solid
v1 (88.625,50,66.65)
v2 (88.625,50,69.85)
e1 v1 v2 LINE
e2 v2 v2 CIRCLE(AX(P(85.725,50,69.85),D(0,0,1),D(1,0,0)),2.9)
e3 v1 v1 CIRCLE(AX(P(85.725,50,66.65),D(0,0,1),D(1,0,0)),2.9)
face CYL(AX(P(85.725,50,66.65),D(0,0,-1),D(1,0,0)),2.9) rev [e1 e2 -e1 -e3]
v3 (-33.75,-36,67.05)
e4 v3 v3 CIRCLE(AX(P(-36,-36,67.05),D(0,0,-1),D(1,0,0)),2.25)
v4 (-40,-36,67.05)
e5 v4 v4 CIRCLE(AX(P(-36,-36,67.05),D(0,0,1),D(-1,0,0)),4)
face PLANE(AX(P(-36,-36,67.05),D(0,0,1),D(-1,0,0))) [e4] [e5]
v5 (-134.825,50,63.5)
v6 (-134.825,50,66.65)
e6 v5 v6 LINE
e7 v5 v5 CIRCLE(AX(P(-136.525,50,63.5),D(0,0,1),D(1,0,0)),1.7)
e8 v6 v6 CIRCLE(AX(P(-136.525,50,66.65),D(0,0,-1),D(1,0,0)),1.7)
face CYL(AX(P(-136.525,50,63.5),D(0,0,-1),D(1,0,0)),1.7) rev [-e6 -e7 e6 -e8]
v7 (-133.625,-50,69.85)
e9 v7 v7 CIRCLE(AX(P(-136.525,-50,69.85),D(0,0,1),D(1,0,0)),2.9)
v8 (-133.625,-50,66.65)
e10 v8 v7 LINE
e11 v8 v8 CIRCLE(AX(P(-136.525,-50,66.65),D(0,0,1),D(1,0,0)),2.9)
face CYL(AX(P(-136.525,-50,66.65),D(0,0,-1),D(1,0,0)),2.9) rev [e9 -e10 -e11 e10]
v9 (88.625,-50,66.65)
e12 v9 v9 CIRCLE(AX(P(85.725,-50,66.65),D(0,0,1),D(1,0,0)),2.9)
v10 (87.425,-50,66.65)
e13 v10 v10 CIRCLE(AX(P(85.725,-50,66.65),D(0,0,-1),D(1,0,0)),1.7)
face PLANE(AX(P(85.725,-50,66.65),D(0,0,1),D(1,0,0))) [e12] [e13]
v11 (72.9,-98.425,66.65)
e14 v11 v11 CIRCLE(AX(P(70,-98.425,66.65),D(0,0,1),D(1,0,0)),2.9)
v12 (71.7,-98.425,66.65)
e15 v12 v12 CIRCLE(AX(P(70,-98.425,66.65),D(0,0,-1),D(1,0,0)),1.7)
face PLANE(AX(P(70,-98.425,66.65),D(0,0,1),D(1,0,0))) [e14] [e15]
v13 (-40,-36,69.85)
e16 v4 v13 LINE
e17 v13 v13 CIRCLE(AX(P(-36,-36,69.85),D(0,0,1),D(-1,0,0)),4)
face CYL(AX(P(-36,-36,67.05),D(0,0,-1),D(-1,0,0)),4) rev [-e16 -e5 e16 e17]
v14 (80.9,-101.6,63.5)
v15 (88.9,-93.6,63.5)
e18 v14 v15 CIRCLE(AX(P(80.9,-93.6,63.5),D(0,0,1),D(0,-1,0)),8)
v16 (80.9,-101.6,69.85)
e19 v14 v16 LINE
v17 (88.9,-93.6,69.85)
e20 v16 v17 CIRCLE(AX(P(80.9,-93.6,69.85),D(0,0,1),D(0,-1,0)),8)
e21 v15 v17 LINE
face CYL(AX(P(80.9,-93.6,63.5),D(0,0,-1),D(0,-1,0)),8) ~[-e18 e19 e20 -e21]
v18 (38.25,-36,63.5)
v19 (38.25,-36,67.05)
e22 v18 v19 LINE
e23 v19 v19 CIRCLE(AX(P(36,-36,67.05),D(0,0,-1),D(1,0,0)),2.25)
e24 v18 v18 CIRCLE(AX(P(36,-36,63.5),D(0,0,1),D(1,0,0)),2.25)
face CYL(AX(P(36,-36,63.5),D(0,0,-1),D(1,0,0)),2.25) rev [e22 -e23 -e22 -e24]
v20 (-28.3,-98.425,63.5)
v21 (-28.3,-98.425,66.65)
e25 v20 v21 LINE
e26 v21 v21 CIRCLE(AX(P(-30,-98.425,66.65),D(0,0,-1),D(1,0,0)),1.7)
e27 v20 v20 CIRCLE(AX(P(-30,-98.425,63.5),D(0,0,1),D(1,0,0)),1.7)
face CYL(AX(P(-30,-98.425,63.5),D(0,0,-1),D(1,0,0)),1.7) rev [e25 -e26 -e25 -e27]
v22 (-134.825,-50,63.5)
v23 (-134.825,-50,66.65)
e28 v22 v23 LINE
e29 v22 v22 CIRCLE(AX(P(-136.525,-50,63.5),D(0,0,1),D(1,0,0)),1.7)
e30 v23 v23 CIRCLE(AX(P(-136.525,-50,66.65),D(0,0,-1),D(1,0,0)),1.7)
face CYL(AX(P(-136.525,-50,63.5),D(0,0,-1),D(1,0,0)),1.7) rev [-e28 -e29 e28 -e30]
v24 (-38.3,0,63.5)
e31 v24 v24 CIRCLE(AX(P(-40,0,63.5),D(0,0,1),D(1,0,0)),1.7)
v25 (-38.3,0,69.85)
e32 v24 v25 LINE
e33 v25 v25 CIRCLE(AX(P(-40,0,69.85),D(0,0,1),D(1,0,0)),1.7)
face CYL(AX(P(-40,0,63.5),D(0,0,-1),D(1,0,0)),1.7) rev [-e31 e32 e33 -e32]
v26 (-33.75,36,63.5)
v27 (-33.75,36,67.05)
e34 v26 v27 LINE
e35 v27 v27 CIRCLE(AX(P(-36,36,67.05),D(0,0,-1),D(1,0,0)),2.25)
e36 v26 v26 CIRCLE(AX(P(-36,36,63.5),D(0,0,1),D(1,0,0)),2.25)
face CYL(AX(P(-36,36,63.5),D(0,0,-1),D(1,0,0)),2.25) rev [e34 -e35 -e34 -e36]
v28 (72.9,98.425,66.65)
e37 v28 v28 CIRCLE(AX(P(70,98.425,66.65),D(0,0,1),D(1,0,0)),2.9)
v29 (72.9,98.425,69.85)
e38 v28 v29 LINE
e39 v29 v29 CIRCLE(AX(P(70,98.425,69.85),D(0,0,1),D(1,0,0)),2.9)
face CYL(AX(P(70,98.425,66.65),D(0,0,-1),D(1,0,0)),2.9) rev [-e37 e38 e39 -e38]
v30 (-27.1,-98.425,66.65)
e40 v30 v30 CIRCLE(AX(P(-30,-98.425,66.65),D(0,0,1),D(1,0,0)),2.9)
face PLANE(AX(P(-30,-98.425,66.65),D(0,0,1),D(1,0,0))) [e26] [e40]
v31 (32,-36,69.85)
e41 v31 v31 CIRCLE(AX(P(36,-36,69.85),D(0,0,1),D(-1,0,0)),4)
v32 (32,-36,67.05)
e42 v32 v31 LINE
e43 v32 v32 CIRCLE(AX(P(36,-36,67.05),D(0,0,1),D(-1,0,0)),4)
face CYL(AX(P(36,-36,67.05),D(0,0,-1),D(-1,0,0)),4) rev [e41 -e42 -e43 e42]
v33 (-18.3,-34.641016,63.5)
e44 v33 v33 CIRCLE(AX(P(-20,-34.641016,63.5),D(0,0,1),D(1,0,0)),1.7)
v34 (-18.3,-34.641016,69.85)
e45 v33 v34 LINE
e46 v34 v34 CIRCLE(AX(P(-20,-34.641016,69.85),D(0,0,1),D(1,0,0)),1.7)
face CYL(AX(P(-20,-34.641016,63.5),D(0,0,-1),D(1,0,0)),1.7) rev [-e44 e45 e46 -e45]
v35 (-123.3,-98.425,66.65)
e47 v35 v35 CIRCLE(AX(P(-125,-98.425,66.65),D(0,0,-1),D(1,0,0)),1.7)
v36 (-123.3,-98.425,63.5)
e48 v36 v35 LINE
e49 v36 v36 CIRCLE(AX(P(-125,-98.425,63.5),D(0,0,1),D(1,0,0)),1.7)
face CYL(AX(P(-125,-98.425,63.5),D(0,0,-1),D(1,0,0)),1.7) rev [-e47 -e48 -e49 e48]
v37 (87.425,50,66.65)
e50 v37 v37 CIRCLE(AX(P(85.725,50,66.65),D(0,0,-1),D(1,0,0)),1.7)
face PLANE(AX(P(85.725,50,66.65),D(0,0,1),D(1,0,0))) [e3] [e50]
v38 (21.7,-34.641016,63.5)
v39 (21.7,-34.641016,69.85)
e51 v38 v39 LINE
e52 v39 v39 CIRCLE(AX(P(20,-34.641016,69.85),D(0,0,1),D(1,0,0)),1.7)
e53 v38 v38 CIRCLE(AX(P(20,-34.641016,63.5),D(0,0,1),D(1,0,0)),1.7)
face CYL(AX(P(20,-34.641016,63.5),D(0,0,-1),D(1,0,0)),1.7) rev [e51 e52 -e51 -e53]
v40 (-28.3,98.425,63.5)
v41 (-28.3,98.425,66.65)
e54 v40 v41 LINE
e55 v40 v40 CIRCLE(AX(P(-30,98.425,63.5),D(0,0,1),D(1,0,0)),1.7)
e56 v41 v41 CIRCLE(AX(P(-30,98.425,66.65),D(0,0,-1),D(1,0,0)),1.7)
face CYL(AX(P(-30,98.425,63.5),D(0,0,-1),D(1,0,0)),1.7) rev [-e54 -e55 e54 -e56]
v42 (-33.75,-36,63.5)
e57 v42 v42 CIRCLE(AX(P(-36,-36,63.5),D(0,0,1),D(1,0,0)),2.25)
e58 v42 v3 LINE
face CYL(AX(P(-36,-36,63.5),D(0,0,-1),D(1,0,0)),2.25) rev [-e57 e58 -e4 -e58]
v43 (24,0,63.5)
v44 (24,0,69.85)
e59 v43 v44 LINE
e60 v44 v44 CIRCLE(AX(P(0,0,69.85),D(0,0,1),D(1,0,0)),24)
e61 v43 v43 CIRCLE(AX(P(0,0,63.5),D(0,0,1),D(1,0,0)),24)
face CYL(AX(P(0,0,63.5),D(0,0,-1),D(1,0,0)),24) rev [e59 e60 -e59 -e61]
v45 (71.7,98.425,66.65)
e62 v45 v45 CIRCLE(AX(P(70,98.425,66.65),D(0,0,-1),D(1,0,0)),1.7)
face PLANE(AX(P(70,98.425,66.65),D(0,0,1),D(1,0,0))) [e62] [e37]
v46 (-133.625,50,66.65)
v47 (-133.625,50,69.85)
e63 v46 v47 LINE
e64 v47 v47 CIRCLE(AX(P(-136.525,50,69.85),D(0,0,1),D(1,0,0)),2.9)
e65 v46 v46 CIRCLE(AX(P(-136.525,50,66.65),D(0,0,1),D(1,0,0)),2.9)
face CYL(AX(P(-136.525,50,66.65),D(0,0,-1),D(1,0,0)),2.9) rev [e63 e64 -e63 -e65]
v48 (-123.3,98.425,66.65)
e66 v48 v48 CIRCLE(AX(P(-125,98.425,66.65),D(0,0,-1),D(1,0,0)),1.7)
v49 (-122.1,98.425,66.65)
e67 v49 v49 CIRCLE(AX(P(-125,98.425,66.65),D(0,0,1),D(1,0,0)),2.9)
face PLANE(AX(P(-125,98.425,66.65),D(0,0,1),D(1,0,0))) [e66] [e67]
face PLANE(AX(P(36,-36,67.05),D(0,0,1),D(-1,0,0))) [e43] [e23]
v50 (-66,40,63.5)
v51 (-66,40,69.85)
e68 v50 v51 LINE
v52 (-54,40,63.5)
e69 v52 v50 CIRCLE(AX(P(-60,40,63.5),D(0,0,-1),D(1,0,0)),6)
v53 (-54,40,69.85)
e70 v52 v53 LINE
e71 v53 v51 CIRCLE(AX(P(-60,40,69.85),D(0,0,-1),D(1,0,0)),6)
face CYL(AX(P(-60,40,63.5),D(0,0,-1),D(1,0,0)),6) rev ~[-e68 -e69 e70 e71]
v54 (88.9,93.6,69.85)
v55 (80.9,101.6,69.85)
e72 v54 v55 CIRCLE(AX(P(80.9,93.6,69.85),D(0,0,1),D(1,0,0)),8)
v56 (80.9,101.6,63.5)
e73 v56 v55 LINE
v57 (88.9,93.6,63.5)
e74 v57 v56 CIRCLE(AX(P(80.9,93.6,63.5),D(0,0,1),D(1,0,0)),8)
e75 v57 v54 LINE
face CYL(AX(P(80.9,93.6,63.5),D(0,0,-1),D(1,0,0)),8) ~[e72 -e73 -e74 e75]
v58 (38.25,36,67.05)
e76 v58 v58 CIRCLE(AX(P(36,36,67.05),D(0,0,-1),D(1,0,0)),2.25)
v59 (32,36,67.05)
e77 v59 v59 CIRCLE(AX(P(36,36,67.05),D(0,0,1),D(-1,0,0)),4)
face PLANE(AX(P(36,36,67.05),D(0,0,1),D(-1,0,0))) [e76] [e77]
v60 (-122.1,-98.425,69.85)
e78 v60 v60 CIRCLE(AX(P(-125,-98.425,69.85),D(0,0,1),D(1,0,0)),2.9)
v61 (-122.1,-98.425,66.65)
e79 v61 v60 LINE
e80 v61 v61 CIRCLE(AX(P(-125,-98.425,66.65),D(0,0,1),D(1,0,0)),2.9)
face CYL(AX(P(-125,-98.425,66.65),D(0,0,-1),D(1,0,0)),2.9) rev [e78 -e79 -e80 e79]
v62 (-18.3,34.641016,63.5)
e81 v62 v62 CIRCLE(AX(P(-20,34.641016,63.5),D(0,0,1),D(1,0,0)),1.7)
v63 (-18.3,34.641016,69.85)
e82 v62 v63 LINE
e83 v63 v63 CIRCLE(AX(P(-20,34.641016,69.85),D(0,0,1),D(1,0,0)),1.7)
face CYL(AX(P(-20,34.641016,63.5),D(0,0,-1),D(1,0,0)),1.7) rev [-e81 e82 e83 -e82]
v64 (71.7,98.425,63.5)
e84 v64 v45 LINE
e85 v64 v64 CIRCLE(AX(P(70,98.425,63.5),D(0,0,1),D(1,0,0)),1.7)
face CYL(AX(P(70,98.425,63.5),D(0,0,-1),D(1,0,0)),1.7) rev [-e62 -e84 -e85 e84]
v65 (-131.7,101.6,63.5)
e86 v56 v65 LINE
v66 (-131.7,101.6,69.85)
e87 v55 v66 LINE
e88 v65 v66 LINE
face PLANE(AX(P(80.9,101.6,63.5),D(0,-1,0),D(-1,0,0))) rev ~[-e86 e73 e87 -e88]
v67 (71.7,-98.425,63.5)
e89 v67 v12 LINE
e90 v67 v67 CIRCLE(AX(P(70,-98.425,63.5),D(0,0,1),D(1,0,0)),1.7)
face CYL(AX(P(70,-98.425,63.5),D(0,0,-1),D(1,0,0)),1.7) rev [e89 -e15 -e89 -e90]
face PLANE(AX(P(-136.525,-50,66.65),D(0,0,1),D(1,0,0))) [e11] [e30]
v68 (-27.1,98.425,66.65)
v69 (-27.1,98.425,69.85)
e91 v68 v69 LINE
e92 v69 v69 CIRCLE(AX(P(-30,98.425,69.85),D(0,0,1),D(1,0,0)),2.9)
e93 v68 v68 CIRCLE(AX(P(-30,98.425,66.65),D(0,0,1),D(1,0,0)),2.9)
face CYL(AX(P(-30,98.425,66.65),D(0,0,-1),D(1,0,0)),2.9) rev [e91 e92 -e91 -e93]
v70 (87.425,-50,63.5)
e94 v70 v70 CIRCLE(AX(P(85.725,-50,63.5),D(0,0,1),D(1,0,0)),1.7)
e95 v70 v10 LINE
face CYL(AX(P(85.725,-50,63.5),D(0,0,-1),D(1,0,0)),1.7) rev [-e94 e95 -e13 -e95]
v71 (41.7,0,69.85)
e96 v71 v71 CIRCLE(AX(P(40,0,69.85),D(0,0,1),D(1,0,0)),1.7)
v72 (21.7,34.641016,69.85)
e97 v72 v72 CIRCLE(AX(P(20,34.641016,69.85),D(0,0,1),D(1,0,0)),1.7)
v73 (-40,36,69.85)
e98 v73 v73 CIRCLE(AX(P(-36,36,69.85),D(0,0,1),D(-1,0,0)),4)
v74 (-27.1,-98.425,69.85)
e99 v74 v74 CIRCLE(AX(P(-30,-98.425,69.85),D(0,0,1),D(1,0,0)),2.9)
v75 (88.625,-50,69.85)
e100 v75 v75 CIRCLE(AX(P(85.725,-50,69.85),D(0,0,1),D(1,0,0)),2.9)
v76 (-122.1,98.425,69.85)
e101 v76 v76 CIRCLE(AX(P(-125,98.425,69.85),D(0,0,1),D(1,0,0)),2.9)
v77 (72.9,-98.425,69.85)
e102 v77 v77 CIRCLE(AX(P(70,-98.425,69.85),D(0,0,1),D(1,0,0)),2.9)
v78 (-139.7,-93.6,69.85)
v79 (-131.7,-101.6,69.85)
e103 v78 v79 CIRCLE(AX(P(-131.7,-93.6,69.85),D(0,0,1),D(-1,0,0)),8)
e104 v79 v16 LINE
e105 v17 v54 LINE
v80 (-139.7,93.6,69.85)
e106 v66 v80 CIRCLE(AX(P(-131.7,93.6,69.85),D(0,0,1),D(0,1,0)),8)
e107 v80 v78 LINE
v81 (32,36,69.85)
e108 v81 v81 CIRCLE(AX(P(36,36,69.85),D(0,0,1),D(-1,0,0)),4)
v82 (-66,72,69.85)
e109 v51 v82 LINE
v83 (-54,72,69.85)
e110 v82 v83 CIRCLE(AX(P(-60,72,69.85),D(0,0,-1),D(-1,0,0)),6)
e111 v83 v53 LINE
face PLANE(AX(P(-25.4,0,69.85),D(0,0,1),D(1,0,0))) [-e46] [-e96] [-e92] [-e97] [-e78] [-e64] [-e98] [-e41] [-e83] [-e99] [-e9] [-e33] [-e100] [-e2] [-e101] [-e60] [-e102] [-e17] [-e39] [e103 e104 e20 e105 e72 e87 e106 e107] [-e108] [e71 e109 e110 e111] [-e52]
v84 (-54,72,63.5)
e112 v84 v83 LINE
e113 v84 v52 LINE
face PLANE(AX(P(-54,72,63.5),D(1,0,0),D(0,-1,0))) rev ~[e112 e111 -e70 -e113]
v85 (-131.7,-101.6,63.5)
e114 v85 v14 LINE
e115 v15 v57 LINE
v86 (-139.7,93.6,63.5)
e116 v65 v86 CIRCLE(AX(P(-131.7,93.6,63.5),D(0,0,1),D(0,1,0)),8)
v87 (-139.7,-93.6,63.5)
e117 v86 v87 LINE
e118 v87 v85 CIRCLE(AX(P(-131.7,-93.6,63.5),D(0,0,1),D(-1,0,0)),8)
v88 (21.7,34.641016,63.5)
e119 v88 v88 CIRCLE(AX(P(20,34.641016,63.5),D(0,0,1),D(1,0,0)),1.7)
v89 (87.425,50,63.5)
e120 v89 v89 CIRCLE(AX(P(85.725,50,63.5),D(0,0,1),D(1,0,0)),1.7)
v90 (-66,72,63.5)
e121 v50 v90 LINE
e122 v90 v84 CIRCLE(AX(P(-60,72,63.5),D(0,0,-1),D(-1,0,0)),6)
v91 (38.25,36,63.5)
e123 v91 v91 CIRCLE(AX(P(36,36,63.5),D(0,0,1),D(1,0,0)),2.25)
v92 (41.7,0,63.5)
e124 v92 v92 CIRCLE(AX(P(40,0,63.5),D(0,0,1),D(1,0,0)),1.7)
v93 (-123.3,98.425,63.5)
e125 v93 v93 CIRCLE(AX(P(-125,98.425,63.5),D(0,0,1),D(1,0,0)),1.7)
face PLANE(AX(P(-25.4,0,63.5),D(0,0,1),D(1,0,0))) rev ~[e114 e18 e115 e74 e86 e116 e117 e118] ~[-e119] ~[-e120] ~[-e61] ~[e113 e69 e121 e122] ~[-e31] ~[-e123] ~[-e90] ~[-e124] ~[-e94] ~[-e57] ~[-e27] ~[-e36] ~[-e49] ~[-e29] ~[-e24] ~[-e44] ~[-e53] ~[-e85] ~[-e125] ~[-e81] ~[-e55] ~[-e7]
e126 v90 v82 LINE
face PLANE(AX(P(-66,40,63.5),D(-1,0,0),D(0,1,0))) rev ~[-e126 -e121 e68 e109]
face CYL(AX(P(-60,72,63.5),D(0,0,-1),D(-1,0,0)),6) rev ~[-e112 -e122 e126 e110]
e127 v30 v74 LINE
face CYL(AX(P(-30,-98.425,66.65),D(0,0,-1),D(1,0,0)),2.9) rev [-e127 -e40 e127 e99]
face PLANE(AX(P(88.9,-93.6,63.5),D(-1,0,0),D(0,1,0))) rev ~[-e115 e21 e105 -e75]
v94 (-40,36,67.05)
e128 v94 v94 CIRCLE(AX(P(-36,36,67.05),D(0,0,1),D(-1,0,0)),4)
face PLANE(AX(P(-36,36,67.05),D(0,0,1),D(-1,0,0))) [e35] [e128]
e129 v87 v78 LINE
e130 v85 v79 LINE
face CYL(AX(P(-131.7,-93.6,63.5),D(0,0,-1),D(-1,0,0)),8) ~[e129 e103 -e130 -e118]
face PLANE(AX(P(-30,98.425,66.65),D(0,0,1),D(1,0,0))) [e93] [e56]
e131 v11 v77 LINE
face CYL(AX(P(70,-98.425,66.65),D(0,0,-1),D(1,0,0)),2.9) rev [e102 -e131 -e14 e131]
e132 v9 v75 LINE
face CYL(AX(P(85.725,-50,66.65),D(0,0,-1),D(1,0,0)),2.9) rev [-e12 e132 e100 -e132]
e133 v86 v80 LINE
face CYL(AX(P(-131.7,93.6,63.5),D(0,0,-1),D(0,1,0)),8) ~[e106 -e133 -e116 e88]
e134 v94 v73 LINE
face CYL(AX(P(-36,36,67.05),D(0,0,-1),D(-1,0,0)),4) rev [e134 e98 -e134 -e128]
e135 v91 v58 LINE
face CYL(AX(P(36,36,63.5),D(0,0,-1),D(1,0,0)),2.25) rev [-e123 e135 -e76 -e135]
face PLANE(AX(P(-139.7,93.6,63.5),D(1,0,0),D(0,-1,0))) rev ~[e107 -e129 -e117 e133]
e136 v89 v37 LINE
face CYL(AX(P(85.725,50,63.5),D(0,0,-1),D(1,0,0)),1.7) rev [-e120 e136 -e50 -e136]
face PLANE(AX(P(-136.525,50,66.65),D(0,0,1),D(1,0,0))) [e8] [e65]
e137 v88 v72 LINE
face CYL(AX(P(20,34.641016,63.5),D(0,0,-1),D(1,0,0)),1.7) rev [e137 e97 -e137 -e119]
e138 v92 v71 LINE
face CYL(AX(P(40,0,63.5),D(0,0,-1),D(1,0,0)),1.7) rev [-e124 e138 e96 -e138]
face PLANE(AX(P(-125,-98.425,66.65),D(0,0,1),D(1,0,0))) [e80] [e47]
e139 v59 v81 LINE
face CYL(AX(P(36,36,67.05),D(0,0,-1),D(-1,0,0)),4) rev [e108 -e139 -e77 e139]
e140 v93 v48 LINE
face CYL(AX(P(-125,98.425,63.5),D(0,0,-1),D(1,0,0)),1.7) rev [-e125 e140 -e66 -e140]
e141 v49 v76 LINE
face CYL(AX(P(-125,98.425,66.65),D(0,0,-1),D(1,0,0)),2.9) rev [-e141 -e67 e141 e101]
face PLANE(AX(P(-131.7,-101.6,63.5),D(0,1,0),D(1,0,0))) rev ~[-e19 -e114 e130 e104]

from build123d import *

# Parameters (mm, degrees)
TAPA_1_4IN_START                               = 63.5
TAPA_1_4IN_DEPTH                               = 6.35
PASO_M1_ROSCA_ARO_SEPARADORES_Y_TORNILLO_START = 63.5
CROQUIS2_R                                     = 24
CROQUIS2_R_2                                   = 2.25
CROQUIS2_R_3                                   = 1.25
CROQUIS2_R_4                                   = 1.7
PASO_M1_ROSCA_ARO_SEPARADORES_Y_TORNILLO_DEPTH = 6.35
REFRENTADO_M4_CABEZA_BAJA_START                = 67.05
CROQUIS3_R                                     = 4
REFRENTADO_M4_CABEZA_BAJA_DEPTH                = 2.8
REFRENTADO_M3_START                            = 66.65
CROQUIS4_R                                     = 2.9
REFRENTADO_M3_DEPTH                            = 3.2
RANURA_CABLES_POTENCIA_CAN_START               = 63.5
RANURA_CABLES_POTENCIA_CAN_DEPTH               = 6.35
PASO_M3_ARO_TUERCA_START                       = 63.5
CROQUIS6_R                                     = 1.7
PASO_M3_ARO_TUERCA_DEPTH                       = 6.35


with BuildPart() as part:
    # Croquis1 → Tapa_1-4in (new body)
    with BuildSketch(Plane.XY.offset(TAPA_1_4IN_START)):
        with BuildLine():
            Line((-131.7, -101.6), (80.9, -101.6))
            ThreePointArc((80.9, -101.6), (86.556854249, -99.256854249), (88.9, -93.6))
            Line((88.9, -93.6), (88.9, 93.6))
            ThreePointArc((88.9, 93.6), (86.556854249, 99.256854249), (80.9, 101.6))
            Line((80.9, 101.6), (-131.7, 101.6))
            ThreePointArc((-131.7, 101.6), (-137.356854249, 99.256854249), (-139.7, 93.6))
            Line((-139.7, 93.6), (-139.7, -93.6))
            ThreePointArc((-139.7, -93.6), (-137.356854249, -99.256854249), (-131.7, -101.6))
        make_face()
    extrude(amount=TAPA_1_4IN_DEPTH)

    # Croquis2 → Paso_M1_rosca_aro_separadores_y_tornillos (cut)
    with BuildSketch(Plane.XY.offset(PASO_M1_ROSCA_ARO_SEPARADORES_Y_TORNILLO_START)):
        Circle(CROQUIS2_R)
        with Locations((-36, -36)):
            Circle(CROQUIS2_R_2)
        with Locations((-36, 36)):
            Circle(CROQUIS2_R_2)
        with Locations((36, -36)):
            Circle(CROQUIS2_R_2)
        with Locations((36, 36)):
            Circle(CROQUIS2_R_2)
        with Locations((40, 0)):
            Circle(CROQUIS2_R_3)
        with Locations((20, 34.641016151)):
            Circle(CROQUIS2_R_3)
        with Locations((-20, 34.641016151)):
            Circle(CROQUIS2_R_3)
        with Locations((-40, 0)):
            Circle(CROQUIS2_R_3)
        with Locations((-20, -34.641016151)):
            Circle(CROQUIS2_R_3)
        with Locations((20, -34.641016151)):
            Circle(CROQUIS2_R_3)
        with Locations((-125, 98.425)):
            Circle(CROQUIS2_R_4)
        with Locations((-125, -98.425)):
            Circle(CROQUIS2_R_4)
        with Locations((-30, 98.425)):
            Circle(CROQUIS2_R_4)
        with Locations((-30, -98.425)):
            Circle(CROQUIS2_R_4)
        with Locations((70, 98.425)):
            Circle(CROQUIS2_R_4)
        with Locations((70, -98.425)):
            Circle(CROQUIS2_R_4)
        with Locations((-136.525, -50)):
            Circle(CROQUIS2_R_4)
        with Locations((-136.525, 50)):
            Circle(CROQUIS2_R_4)
        with Locations((85.725, -50)):
            Circle(CROQUIS2_R_4)
        with Locations((85.725, 50)):
            Circle(CROQUIS2_R_4)
    extrude(amount=PASO_M1_ROSCA_ARO_SEPARADORES_Y_TORNILLO_DEPTH, mode=Mode.SUBTRACT)

    # Croquis3 → Refrentado_M4_cabeza_baja (cut)
    with BuildSketch(Plane.XY.offset(REFRENTADO_M4_CABEZA_BAJA_START)):
        with Locations(Location((-36, -36, 0), (0, 0, 180))):
            Circle(CROQUIS3_R)
        with Locations(Location((-36, 36, 0), (0, 0, 180))):
            Circle(CROQUIS3_R)
        with Locations(Location((36, -36, 0), (0, 0, 180))):
            Circle(CROQUIS3_R)
        with Locations(Location((36, 36, 0), (0, 0, 180))):
            Circle(CROQUIS3_R)
    extrude(amount=REFRENTADO_M4_CABEZA_BAJA_DEPTH, mode=Mode.SUBTRACT)

    # Croquis4 → Refrentado_M3 (cut)
    with BuildSketch(Plane.XY.offset(REFRENTADO_M3_START)):
        with Locations((-125, 98.425)):
            Circle(CROQUIS4_R)
        with Locations((-125, -98.425)):
            Circle(CROQUIS4_R)
        with Locations((-30, 98.425)):
            Circle(CROQUIS4_R)
        with Locations((-30, -98.425)):
            Circle(CROQUIS4_R)
        with Locations((70, 98.425)):
            Circle(CROQUIS4_R)
        with Locations((70, -98.425)):
            Circle(CROQUIS4_R)
        with Locations((-136.525, -50)):
            Circle(CROQUIS4_R)
        with Locations((-136.525, 50)):
            Circle(CROQUIS4_R)
        with Locations((85.725, -50)):
            Circle(CROQUIS4_R)
        with Locations((85.725, 50)):
            Circle(CROQUIS4_R)
    extrude(amount=REFRENTADO_M3_DEPTH, mode=Mode.SUBTRACT)

    # Croquis5 → Ranura_cables_potencia_CAN (cut)
    with BuildSketch(Plane.XY.offset(RANURA_CABLES_POTENCIA_CAN_START)):
        with BuildLine():
            Line((-66, 40), (-66, 72))
            ThreePointArc((-66, 72), (-60, 78), (-54, 72))
            Line((-54, 72), (-54, 40))
            ThreePointArc((-54, 40), (-60, 34), (-66, 40))
        make_face()
    extrude(amount=RANURA_CABLES_POTENCIA_CAN_DEPTH, mode=Mode.SUBTRACT)

    # Croquis6 → Paso_M3_aro_tuerca (cut)
    with BuildSketch(Plane.XY.offset(PASO_M3_ARO_TUERCA_START)):
        with Locations((40, 0)):
            Circle(CROQUIS6_R)
        with Locations((20, 34.641016151)):
            Circle(CROQUIS6_R)
        with Locations((-20, 34.641016151)):
            Circle(CROQUIS6_R)
        with Locations((-40, 0)):
            Circle(CROQUIS6_R)
        with Locations((-20, -34.641016151)):
            Circle(CROQUIS6_R)
        with Locations((20, -34.641016151)):
            Circle(CROQUIS6_R)
    extrude(amount=PASO_M3_ARO_TUERCA_DEPTH, mode=Mode.SUBTRACT)


solid = part.part
